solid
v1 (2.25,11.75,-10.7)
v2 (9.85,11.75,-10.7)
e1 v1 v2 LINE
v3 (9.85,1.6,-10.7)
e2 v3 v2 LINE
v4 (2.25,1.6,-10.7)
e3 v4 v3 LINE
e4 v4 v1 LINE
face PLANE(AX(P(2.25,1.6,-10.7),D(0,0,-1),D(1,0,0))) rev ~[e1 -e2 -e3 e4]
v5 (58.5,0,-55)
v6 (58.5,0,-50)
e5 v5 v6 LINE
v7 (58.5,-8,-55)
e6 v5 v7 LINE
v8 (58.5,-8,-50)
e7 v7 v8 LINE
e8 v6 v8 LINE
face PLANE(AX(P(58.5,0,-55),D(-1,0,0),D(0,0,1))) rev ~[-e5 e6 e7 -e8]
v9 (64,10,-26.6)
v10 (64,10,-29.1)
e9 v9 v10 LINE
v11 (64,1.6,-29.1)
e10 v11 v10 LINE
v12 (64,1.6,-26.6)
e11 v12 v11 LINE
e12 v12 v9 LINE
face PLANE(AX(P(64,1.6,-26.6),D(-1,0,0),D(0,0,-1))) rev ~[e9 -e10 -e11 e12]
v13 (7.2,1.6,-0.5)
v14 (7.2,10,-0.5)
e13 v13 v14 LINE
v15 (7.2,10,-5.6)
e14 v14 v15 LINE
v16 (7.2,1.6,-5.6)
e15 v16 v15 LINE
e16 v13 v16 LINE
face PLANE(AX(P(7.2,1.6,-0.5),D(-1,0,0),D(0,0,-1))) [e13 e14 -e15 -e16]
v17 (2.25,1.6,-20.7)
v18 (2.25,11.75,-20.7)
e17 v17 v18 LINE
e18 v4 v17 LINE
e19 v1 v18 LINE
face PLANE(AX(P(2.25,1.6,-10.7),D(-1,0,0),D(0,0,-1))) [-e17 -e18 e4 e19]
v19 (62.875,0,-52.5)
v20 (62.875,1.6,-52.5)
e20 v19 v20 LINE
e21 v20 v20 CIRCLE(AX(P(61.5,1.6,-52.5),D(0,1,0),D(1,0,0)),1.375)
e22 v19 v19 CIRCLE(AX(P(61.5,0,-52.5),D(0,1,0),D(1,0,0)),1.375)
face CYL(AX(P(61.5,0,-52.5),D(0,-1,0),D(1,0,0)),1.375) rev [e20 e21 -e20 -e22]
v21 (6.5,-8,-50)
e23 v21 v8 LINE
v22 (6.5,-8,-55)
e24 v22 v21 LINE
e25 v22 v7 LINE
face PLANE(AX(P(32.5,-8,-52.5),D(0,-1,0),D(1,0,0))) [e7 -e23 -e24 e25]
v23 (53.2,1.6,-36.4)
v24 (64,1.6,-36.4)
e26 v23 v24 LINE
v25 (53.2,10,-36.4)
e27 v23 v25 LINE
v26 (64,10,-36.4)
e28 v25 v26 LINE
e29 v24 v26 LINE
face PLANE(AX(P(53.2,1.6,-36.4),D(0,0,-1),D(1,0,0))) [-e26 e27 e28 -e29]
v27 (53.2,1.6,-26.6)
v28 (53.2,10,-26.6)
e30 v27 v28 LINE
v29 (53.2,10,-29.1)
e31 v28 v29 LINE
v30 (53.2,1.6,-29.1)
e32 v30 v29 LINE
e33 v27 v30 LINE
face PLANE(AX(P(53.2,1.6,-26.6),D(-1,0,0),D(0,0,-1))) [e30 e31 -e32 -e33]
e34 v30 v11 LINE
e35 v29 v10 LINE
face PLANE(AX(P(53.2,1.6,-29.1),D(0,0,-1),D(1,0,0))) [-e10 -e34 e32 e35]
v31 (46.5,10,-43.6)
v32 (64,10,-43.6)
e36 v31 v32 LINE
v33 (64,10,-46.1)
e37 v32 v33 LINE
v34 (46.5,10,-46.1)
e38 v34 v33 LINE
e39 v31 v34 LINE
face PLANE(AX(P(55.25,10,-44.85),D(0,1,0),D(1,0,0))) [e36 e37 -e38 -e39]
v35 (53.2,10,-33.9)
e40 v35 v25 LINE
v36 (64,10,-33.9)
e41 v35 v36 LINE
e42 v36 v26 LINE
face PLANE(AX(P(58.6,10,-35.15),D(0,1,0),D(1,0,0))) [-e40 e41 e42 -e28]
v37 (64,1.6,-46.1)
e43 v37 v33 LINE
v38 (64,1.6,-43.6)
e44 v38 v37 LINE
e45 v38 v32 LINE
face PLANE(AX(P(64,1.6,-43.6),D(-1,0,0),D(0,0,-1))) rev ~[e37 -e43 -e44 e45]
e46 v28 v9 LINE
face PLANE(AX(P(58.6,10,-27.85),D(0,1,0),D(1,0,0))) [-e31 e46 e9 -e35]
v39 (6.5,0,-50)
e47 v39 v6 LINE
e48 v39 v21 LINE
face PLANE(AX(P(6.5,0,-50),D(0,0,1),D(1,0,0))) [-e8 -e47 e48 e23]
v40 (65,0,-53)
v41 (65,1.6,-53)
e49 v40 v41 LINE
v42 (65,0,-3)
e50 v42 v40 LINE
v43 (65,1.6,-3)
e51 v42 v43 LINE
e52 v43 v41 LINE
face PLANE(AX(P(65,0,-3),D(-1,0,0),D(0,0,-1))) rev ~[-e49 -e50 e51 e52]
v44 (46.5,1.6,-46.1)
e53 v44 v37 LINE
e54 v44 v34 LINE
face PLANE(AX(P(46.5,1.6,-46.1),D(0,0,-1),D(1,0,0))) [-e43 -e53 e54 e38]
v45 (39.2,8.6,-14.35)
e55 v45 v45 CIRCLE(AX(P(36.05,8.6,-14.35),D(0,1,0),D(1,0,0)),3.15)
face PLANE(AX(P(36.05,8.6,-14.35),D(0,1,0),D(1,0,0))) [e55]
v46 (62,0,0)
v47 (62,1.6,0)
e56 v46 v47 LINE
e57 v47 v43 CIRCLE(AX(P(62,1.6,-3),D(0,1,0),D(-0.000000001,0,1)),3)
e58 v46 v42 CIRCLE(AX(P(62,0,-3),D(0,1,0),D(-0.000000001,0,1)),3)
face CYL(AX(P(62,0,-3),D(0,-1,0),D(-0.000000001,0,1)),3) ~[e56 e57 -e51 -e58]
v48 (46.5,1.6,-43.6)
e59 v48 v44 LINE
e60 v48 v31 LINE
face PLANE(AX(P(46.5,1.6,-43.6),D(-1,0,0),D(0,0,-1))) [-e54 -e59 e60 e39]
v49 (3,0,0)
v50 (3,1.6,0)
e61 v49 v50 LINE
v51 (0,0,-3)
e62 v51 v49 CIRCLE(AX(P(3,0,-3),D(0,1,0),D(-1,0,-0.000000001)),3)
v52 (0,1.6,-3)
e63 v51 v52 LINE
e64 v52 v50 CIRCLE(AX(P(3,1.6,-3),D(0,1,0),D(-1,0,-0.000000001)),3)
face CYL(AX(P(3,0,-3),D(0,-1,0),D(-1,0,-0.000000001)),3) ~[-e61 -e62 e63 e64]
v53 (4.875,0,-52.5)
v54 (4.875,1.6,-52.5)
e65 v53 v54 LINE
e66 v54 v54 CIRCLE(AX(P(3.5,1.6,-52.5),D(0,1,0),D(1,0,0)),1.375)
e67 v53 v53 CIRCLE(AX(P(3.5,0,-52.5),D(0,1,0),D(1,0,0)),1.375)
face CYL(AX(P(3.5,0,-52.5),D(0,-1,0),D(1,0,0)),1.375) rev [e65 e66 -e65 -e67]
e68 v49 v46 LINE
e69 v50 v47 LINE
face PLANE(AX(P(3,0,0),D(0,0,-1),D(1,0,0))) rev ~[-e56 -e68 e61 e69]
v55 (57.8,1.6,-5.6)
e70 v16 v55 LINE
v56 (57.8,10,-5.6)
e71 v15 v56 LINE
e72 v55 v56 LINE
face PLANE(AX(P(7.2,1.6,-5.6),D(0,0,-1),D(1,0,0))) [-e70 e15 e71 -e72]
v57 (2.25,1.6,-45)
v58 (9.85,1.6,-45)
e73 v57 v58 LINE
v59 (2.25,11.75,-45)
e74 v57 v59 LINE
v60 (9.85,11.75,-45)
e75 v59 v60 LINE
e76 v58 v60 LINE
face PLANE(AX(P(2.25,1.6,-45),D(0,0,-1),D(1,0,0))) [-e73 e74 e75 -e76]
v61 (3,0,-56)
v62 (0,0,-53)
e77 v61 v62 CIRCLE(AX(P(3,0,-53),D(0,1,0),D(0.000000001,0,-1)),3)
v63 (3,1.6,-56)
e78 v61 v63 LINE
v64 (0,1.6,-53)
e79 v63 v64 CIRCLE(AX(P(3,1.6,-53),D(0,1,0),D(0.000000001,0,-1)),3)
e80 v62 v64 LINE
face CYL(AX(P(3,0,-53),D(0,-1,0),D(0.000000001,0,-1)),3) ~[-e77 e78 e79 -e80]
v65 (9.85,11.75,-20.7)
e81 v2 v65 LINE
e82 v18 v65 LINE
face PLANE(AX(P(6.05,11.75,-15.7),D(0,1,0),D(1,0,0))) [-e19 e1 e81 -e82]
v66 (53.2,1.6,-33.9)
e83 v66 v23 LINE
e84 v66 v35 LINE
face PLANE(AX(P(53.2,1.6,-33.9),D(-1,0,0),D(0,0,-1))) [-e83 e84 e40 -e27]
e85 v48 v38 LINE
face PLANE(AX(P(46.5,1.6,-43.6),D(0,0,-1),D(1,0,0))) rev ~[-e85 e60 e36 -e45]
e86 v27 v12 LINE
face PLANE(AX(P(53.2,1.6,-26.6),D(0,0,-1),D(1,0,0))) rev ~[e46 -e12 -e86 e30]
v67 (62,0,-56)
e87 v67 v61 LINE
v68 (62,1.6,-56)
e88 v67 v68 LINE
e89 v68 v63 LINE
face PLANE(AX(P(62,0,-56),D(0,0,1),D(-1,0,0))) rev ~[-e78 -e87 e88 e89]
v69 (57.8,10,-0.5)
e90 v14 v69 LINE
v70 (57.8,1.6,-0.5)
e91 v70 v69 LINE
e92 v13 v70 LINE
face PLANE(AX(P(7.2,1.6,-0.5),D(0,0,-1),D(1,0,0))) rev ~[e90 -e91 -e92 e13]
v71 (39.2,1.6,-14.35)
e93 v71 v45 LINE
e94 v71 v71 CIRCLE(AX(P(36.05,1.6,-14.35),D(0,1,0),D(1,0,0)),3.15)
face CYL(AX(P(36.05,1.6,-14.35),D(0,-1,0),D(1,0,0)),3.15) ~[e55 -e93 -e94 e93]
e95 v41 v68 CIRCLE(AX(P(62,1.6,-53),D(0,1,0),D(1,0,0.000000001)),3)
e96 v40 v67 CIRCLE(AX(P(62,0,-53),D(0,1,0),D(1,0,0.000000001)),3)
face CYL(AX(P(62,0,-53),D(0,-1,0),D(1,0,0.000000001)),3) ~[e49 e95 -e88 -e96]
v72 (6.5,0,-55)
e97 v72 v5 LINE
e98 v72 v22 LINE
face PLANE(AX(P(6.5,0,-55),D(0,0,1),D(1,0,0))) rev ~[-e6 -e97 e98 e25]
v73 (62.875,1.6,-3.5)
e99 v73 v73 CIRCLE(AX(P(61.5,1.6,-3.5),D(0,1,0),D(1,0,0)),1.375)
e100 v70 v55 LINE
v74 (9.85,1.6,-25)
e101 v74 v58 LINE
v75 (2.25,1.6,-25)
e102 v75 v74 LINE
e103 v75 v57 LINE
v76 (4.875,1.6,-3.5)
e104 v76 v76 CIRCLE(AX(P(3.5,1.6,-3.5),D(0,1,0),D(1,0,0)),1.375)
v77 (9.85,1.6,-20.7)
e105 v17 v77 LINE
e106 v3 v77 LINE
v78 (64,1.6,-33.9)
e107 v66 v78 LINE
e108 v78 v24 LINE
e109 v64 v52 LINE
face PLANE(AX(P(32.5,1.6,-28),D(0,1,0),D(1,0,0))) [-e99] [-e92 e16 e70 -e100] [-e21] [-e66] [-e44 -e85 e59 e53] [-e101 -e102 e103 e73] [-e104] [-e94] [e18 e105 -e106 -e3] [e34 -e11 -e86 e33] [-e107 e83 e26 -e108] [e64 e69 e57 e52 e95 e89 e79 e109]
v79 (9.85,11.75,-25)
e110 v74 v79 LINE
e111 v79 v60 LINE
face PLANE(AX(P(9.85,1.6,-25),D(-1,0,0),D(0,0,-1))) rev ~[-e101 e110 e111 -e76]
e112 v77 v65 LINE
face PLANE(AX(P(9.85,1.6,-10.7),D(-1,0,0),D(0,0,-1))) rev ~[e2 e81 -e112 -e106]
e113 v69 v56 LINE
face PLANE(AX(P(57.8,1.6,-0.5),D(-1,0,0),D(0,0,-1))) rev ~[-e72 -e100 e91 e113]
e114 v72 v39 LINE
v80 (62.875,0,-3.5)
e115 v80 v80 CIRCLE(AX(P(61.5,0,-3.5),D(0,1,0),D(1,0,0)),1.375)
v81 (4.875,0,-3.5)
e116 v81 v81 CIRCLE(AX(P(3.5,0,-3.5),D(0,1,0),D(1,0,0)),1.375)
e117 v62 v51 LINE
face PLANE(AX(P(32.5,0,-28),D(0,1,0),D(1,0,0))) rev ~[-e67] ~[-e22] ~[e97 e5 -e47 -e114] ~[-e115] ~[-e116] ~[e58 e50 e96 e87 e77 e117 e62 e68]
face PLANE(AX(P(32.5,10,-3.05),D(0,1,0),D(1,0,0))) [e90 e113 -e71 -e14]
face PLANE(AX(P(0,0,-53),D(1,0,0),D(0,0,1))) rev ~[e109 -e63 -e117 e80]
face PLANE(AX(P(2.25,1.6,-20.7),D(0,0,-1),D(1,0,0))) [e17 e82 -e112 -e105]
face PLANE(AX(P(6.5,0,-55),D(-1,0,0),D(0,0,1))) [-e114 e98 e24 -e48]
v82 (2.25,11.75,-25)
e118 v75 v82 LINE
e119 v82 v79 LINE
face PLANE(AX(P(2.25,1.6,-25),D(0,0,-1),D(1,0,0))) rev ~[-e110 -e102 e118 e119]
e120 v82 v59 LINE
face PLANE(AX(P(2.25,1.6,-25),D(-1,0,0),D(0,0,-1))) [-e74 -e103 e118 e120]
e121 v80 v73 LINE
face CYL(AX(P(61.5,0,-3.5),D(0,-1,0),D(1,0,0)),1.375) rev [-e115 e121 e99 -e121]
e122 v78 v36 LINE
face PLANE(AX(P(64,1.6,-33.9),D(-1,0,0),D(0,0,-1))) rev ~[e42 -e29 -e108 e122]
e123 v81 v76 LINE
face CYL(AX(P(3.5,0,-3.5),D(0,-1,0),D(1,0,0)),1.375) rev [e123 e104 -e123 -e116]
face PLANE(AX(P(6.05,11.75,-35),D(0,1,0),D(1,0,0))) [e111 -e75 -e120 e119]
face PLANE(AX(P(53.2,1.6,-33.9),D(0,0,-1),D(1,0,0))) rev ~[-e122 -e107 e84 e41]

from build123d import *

# Parameters (mm, degrees)
SKETCH1_R           = 1.375
BOSS_EXTRUDE1_DEPTH = 1.6
SKETCH2_W           = 7.6
SKETCH2_H           = 20
SKETCH2_H_2         = 10
BOSS_EXTRUDE2_DEPTH = 10.15
SKETCH3_W           = 50.6
SKETCH3_H           = 5.1
BOSS_EXTRUDE3_DEPTH = 8.4
SKETCH4_R           = 3.15
BOSS_EXTRUDE4_DEPTH = 7
SKETCH5_W           = 17.5
SKETCH5_H           = 2.5
SKETCH5_W_2         = 10.8
BOSS_EXTRUDE5_DEPTH = 8.4
SKETCH6_W           = 52
SKETCH6_H           = 5
BOSS_EXTRUDE6_DEPTH = 8


with BuildPart() as part:
    # Sketch1 → Boss-Extrude1 (new body)
    with BuildSketch(Plane(origin=(0, 0, 0), x_dir=(1, 0, 0), z_dir=(0, 1, 0))):
        with BuildLine():
            Line((3, 0), (62, 0))
            ThreePointArc((62, 0), (64.121320344, 0.878679656), (65, 3))
            Line((65, 3), (65, 53))
            ThreePointArc((65, 53), (64.121320344, 55.121320344), (62, 56))
            Line((62, 56), (3, 56))
            ThreePointArc((3, 56), (0.878679656, 55.121320344), (0, 53))
            Line((0, 53), (0, 3))
            ThreePointArc((0, 3), (0.878679656, 0.878679656), (3, 0))
        make_face()
        with Locations((3.5, 52.5)):
            Circle(SKETCH1_R, mode=Mode.SUBTRACT)
        with Locations((61.5, 52.5)):
            Circle(SKETCH1_R, mode=Mode.SUBTRACT)
        with Locations((3.5, 3.5)):
            Circle(SKETCH1_R, mode=Mode.SUBTRACT)
        with Locations((61.5, 3.5)):
            Circle(SKETCH1_R, mode=Mode.SUBTRACT)
    extrude(amount=BOSS_EXTRUDE1_DEPTH)

    # Sketch2 → Boss-Extrude2 (add)
    with BuildSketch(Plane(origin=(0, 1.6, 0), x_dir=(1, 0, 0), z_dir=(0, 1, 0))):
        with Locations((6.05, 35)):
            Rectangle(SKETCH2_W, SKETCH2_H)
        with Locations((6.05, 15.7)):
            Rectangle(SKETCH2_W, SKETCH2_H_2)
    extrude(amount=BOSS_EXTRUDE2_DEPTH)

    # Sketch3 → Boss-Extrude3 (add)
    with BuildSketch(Plane(origin=(0, 1.6, 0), x_dir=(1, 0, 0), z_dir=(0, 1, 0))):
        with Locations((32.5, 3.05)):
            Rectangle(SKETCH3_W, SKETCH3_H)
    extrude(amount=BOSS_EXTRUDE3_DEPTH)

    # Sketch4 → Boss-Extrude4 (add)
    with BuildSketch(Plane(origin=(0, 1.6, 0), x_dir=(1, 0, 0), z_dir=(0, 1, 0))):
        with Locations((36.05, 14.35)):
            Circle(SKETCH4_R)
    extrude(amount=BOSS_EXTRUDE4_DEPTH)

    # Sketch5 → Boss-Extrude5 (add)
    with BuildSketch(Plane(origin=(0, 1.6, 0), x_dir=(1, 0, 0), z_dir=(0, 1, 0))):
        with Locations((55.25, 44.85)):
            Rectangle(SKETCH5_W, SKETCH5_H)
        with Locations((58.6, 35.15)):
            Rectangle(SKETCH5_W_2, SKETCH5_H)
        with Locations((58.6, 27.85)):
            Rectangle(SKETCH5_W_2, SKETCH5_H)
    extrude(amount=BOSS_EXTRUDE5_DEPTH)

    # Sketch6 → Boss-Extrude6 (add)
    with BuildSketch(Plane.XZ):
        with Locations((32.5, -52.5)):
            Rectangle(SKETCH6_W, SKETCH6_H)
    extrude(amount=BOSS_EXTRUDE6_DEPTH)


solid = part.part
